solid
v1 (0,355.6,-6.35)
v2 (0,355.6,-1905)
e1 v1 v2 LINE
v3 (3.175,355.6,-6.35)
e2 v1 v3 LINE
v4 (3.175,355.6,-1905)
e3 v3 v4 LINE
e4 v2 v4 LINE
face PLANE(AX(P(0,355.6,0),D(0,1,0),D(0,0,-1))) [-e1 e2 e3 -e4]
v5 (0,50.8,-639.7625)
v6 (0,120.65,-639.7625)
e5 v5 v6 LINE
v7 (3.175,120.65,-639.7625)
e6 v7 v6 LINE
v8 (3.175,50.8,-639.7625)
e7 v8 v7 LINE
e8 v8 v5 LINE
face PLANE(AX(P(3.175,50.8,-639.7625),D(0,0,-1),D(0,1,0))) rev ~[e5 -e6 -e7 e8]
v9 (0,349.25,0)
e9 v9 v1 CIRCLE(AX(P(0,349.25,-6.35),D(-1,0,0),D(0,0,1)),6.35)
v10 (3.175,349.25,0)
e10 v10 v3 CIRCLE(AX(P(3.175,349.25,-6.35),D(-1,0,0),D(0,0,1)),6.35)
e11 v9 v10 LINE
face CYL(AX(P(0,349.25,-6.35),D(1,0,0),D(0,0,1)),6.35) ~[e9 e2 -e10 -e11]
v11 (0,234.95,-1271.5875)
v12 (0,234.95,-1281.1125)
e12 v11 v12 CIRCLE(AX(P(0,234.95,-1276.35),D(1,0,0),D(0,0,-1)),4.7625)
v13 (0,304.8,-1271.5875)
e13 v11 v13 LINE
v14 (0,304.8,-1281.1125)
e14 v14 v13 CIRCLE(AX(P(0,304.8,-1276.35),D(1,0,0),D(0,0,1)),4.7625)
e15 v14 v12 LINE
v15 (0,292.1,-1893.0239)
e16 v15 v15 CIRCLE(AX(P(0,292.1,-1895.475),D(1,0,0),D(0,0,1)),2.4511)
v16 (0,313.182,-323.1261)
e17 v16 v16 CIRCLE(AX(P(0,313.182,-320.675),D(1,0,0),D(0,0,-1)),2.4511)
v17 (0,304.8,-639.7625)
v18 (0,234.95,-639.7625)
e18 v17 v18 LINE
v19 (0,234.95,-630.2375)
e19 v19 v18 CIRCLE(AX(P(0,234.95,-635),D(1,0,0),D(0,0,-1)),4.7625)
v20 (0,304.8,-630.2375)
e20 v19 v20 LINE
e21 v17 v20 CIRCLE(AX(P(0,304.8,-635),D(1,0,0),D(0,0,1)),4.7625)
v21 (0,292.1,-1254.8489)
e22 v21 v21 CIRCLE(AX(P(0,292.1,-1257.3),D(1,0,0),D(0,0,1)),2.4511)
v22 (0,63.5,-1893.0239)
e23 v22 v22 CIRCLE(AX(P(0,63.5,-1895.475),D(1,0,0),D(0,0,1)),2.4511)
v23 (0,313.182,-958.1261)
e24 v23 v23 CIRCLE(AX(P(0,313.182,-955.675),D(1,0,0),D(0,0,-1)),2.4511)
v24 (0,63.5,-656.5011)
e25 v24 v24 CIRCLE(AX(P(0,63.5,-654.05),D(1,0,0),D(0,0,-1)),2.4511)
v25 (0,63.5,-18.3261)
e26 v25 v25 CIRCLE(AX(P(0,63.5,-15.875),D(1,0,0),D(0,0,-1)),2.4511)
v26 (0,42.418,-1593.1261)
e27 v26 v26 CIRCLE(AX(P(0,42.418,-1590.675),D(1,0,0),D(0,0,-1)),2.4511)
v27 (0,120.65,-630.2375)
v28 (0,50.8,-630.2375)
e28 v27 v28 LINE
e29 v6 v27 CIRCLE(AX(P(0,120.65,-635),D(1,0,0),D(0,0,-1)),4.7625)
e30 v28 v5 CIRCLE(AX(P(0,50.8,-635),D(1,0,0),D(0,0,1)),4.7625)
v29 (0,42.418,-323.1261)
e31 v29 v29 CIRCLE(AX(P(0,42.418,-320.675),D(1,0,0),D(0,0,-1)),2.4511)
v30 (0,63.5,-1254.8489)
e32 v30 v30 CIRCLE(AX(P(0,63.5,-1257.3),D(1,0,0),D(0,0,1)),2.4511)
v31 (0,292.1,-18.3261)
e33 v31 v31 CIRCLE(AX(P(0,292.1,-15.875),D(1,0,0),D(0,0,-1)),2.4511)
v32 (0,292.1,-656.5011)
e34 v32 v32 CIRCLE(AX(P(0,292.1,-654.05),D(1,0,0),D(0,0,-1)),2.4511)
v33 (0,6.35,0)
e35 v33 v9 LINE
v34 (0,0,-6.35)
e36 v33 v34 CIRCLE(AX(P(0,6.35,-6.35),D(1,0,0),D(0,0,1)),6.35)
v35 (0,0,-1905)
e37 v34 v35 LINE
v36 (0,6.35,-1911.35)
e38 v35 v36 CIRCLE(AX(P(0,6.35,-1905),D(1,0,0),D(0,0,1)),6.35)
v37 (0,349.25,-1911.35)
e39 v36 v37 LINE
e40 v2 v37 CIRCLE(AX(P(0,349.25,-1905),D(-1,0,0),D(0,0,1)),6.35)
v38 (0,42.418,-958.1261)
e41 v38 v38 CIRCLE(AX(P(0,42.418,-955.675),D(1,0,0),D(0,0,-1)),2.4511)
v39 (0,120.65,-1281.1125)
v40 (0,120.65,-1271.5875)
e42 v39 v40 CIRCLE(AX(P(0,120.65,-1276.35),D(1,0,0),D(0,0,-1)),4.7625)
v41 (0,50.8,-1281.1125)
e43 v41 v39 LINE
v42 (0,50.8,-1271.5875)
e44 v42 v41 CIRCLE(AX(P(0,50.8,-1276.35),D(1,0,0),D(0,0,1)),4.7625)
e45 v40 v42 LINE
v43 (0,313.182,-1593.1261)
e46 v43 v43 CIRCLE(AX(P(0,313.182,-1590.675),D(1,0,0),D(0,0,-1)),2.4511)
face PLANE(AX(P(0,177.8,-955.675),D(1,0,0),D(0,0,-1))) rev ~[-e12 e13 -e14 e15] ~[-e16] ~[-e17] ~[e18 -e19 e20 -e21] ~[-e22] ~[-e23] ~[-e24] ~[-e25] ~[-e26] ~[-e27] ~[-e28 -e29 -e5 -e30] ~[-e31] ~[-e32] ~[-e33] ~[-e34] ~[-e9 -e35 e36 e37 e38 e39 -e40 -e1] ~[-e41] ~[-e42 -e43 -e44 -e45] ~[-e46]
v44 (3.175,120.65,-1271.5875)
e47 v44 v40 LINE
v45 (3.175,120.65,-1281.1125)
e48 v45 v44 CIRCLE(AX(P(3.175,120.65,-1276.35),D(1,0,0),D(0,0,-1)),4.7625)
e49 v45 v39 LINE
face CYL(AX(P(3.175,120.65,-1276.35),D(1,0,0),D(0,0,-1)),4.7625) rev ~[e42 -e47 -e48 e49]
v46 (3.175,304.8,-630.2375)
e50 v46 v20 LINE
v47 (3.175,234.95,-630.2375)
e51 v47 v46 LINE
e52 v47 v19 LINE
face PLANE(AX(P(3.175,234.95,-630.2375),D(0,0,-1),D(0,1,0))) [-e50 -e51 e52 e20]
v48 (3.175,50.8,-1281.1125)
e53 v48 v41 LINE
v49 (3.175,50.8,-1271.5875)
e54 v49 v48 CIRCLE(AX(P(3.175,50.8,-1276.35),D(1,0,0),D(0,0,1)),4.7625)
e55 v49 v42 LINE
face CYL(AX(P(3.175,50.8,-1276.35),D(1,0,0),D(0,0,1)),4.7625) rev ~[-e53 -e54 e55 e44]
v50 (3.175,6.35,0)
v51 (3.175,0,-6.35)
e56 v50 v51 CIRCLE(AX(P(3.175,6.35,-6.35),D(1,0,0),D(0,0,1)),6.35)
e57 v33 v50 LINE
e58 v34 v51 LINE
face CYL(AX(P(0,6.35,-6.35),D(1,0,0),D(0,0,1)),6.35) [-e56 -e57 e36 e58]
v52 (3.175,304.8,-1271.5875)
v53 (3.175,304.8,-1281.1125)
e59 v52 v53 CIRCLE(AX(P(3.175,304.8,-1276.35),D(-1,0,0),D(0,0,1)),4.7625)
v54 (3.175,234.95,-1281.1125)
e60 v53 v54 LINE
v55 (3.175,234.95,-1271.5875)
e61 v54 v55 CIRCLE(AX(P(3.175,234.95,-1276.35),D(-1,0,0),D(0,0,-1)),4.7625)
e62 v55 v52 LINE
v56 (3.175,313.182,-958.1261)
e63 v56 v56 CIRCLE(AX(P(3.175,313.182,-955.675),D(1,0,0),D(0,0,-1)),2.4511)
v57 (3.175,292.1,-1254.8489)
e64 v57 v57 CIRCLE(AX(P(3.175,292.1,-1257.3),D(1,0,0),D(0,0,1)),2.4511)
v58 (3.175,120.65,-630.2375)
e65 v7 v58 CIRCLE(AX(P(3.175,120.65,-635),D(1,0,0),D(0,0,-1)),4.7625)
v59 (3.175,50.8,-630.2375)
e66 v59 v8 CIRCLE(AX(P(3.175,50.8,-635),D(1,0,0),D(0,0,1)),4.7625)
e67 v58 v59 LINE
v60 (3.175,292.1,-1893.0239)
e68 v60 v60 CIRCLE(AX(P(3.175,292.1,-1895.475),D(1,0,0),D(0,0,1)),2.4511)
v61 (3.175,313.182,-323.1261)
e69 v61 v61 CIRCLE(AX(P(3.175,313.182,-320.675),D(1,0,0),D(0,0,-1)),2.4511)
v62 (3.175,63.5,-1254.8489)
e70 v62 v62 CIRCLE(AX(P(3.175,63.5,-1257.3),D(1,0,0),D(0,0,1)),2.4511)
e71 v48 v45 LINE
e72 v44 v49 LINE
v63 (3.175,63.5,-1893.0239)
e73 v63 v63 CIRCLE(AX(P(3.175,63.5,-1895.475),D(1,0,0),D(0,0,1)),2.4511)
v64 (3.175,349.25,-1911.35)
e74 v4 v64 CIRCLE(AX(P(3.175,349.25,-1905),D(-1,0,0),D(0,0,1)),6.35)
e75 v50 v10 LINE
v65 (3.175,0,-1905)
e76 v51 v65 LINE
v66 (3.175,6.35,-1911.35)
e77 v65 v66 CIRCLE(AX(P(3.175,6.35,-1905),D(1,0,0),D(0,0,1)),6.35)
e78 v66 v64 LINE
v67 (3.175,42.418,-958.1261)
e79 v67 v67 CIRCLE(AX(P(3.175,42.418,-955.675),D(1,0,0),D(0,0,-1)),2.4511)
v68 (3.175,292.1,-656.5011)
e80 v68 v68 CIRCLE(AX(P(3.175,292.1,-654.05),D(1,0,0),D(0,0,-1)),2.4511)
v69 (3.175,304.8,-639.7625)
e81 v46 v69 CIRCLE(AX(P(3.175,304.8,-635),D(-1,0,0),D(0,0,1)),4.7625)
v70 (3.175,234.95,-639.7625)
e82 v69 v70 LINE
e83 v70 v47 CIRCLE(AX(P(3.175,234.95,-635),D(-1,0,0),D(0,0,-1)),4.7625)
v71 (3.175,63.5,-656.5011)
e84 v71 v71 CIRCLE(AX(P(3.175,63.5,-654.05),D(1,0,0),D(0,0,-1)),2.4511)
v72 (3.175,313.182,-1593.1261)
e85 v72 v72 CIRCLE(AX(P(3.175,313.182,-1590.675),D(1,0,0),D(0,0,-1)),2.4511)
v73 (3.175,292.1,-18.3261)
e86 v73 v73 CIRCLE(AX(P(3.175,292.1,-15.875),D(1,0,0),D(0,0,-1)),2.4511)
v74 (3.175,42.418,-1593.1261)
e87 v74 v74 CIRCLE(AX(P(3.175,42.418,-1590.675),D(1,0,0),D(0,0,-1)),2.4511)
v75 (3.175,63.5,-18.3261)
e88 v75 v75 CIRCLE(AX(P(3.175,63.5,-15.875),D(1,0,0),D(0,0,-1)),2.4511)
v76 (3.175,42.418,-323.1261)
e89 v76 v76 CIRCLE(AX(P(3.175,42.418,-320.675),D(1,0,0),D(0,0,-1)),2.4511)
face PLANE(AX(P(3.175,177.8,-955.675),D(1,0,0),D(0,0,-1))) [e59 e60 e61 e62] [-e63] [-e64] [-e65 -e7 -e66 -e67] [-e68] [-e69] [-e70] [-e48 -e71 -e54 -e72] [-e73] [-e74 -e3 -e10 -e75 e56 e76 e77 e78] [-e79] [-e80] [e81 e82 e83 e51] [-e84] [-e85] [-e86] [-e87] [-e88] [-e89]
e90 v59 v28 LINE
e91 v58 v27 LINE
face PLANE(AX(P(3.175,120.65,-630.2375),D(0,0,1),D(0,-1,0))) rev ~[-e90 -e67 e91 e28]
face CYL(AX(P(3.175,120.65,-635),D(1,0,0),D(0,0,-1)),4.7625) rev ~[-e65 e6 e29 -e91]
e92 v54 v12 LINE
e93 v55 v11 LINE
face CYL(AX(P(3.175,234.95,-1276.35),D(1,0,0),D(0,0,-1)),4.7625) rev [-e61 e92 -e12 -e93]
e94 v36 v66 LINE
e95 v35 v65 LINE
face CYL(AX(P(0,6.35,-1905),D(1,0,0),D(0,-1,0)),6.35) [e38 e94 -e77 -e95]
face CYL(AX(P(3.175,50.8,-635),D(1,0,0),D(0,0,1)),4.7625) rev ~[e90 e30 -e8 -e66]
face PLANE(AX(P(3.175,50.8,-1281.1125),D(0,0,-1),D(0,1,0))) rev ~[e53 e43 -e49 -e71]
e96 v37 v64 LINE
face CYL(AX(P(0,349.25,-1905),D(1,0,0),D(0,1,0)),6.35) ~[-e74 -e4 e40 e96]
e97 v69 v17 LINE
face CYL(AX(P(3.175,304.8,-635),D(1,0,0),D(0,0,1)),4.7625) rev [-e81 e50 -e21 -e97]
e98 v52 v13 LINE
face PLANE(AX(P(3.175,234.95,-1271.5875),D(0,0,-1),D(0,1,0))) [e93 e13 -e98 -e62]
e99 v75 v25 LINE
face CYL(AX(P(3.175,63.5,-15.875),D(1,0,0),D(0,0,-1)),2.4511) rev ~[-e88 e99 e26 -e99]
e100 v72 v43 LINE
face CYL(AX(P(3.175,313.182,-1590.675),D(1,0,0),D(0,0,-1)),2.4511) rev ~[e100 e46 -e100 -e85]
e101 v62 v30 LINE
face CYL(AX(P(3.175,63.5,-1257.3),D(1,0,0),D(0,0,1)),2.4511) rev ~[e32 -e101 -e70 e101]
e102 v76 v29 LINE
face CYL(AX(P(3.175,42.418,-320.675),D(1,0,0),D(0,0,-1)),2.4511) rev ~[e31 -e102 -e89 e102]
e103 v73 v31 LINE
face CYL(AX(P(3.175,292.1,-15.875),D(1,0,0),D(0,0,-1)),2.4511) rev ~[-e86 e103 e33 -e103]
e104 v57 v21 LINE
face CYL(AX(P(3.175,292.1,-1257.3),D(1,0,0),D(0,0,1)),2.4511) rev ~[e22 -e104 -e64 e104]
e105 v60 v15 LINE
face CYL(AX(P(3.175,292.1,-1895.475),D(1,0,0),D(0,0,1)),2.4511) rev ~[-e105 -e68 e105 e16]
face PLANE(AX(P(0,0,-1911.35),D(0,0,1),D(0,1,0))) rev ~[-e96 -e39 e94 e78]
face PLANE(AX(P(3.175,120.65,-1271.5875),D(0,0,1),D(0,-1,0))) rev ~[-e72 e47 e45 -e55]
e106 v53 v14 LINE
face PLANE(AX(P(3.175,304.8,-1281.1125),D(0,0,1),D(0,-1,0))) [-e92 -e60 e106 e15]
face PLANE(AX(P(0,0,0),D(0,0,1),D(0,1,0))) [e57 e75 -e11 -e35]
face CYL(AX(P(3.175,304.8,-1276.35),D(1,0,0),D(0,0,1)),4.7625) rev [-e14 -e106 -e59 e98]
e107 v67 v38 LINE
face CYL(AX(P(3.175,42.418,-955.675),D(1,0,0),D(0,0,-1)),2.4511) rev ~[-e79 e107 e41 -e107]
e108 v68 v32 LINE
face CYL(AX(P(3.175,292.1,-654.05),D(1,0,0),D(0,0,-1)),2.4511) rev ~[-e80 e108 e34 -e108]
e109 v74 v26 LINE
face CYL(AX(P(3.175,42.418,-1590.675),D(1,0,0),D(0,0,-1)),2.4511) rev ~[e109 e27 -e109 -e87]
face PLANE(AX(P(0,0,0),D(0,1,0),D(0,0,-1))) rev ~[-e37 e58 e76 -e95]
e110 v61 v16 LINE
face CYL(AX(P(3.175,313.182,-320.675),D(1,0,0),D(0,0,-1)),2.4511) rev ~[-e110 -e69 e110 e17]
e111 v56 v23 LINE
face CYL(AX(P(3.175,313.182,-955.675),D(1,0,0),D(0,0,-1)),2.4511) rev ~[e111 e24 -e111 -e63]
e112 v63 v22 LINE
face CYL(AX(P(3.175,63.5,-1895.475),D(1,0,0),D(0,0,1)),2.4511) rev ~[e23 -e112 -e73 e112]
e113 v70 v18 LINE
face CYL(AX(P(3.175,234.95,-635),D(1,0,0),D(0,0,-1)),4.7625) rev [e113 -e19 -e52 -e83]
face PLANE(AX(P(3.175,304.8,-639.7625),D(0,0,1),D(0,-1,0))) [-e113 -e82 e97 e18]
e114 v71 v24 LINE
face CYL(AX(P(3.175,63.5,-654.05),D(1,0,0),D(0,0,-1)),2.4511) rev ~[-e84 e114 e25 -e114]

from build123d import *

# Parameters (mm, degrees)
SKETCH1_W           = 1911.35
SKETCH1_H           = 355.6
BOSS_EXTRUDE1_DEPTH = 3.175
SKETCH2_R           = 2.4511
CUT_EXTRUDE1_DEPTH  = 1945.15026763
FILLET1_R           = 6.35
CUT_EXTRUDE2_DEPTH  = 1945.15026763


with BuildPart() as part:
    # Sketch1 → Boss-Extrude1 (new body)
    with BuildSketch(Plane(origin=(0, 0, 0), x_dir=(0, 0, -1), z_dir=(1, 0, 0))):
        with Locations((955.675, 177.8)):
            Rectangle(SKETCH1_W, SKETCH1_H)
    extrude(amount=BOSS_EXTRUDE1_DEPTH)

    # Sketch2 → Cut-Extrude1 (cut, through all)
    with BuildSketch(Plane(origin=(3.175, 0, 0), x_dir=(0, 0, -1), z_dir=(1, 0, 0))):
        with Locations((15.875, 292.1)):
            Circle(SKETCH2_R)
        with Locations((654.05, 292.1)):
            Circle(SKETCH2_R)
        with Locations((320.675, 313.182)):
            Circle(SKETCH2_R)
        with Locations((955.675, 313.182)):
            Circle(SKETCH2_R)
        with Locations((1590.675, 313.182)):
            Circle(SKETCH2_R)
        with Locations((955.675, 42.418)):
            Circle(SKETCH2_R)
        with Locations((1590.675, 42.418)):
            Circle(SKETCH2_R)
        with Locations((320.675, 42.418)):
            Circle(SKETCH2_R)
        with Locations((15.875, 63.5)):
            Circle(SKETCH2_R)
        with Locations((654.05, 63.5)):
            Circle(SKETCH2_R)
        with Locations(Location((1895.475, 63.5, 0), (0, 0, 180))):
            Circle(SKETCH2_R)
        with Locations(Location((1895.475, 292.1, 0), (0, 0, 180))):
            Circle(SKETCH2_R)
        with Locations(Location((1257.3, 63.5, 0), (0, 0, 180))):
            Circle(SKETCH2_R)
        with Locations(Location((1257.3, 292.1, 0), (0, 0, 180))):
            Circle(SKETCH2_R)
    extrude(amount=-CUT_EXTRUDE1_DEPTH, mode=Mode.SUBTRACT)

    # Fillet1
    fillet1_edges = [part.edges().sort_by_distance(p)[0] for p in [
        (1.5875, 355.6, 0),
        (1.5875, 355.6, -1911.35),
        (1.5875, 0, -1911.35),
        (1.5875, 0, 0),
    ]]
    fillet(fillet1_edges, radius=FILLET1_R)

    # Sketch3 → Cut-Extrude2 (cut, through all)
    with BuildSketch(Plane(origin=(3.175, 0, 0), x_dir=(0, 0, -1), z_dir=(1, 0, 0))):
        with BuildLine():
            Line((639.7625, 304.8), (639.7625, 234.95))
            ThreePointArc((639.7625, 234.95), (635, 230.1875), (630.2375, 234.95))
            Line((630.2375, 234.95), (630.2375, 304.8))
            ThreePointArc((630.2375, 304.8), (635, 309.5625), (639.7625, 304.8))
        make_face()
        with BuildLine():
            Line((1281.1125, 304.8), (1281.1125, 234.95))
            ThreePointArc((1281.1125, 234.95), (1276.35, 230.1875), (1271.5875, 234.95))
            Line((1271.5875, 234.95), (1271.5875, 304.8))
            ThreePointArc((1271.5875, 304.8), (1276.35, 309.5625), (1281.1125, 304.8))
        make_face()
        with BuildLine():
            Line((1281.1125, 50.8), (1281.1125, 120.65))
            ThreePointArc((1281.1125, 120.65), (1276.35, 125.4125), (1271.5875, 120.65))
            Line((1271.5875, 120.65), (1271.5875, 50.8))
            ThreePointArc((1271.5875, 50.8), (1276.35, 46.0375), (1281.1125, 50.8))
        make_face()
        with BuildLine():
            Line((639.7625, 50.8), (639.7625, 120.65))
            ThreePointArc((639.7625, 120.65), (635, 125.4125), (630.2375, 120.65))
            Line((630.2375, 120.65), (630.2375, 50.8))
            ThreePointArc((630.2375, 50.8), (635, 46.0375), (639.7625, 50.8))
        make_face()
    extrude(amount=-CUT_EXTRUDE2_DEPTH, mode=Mode.SUBTRACT)


solid = part.part
